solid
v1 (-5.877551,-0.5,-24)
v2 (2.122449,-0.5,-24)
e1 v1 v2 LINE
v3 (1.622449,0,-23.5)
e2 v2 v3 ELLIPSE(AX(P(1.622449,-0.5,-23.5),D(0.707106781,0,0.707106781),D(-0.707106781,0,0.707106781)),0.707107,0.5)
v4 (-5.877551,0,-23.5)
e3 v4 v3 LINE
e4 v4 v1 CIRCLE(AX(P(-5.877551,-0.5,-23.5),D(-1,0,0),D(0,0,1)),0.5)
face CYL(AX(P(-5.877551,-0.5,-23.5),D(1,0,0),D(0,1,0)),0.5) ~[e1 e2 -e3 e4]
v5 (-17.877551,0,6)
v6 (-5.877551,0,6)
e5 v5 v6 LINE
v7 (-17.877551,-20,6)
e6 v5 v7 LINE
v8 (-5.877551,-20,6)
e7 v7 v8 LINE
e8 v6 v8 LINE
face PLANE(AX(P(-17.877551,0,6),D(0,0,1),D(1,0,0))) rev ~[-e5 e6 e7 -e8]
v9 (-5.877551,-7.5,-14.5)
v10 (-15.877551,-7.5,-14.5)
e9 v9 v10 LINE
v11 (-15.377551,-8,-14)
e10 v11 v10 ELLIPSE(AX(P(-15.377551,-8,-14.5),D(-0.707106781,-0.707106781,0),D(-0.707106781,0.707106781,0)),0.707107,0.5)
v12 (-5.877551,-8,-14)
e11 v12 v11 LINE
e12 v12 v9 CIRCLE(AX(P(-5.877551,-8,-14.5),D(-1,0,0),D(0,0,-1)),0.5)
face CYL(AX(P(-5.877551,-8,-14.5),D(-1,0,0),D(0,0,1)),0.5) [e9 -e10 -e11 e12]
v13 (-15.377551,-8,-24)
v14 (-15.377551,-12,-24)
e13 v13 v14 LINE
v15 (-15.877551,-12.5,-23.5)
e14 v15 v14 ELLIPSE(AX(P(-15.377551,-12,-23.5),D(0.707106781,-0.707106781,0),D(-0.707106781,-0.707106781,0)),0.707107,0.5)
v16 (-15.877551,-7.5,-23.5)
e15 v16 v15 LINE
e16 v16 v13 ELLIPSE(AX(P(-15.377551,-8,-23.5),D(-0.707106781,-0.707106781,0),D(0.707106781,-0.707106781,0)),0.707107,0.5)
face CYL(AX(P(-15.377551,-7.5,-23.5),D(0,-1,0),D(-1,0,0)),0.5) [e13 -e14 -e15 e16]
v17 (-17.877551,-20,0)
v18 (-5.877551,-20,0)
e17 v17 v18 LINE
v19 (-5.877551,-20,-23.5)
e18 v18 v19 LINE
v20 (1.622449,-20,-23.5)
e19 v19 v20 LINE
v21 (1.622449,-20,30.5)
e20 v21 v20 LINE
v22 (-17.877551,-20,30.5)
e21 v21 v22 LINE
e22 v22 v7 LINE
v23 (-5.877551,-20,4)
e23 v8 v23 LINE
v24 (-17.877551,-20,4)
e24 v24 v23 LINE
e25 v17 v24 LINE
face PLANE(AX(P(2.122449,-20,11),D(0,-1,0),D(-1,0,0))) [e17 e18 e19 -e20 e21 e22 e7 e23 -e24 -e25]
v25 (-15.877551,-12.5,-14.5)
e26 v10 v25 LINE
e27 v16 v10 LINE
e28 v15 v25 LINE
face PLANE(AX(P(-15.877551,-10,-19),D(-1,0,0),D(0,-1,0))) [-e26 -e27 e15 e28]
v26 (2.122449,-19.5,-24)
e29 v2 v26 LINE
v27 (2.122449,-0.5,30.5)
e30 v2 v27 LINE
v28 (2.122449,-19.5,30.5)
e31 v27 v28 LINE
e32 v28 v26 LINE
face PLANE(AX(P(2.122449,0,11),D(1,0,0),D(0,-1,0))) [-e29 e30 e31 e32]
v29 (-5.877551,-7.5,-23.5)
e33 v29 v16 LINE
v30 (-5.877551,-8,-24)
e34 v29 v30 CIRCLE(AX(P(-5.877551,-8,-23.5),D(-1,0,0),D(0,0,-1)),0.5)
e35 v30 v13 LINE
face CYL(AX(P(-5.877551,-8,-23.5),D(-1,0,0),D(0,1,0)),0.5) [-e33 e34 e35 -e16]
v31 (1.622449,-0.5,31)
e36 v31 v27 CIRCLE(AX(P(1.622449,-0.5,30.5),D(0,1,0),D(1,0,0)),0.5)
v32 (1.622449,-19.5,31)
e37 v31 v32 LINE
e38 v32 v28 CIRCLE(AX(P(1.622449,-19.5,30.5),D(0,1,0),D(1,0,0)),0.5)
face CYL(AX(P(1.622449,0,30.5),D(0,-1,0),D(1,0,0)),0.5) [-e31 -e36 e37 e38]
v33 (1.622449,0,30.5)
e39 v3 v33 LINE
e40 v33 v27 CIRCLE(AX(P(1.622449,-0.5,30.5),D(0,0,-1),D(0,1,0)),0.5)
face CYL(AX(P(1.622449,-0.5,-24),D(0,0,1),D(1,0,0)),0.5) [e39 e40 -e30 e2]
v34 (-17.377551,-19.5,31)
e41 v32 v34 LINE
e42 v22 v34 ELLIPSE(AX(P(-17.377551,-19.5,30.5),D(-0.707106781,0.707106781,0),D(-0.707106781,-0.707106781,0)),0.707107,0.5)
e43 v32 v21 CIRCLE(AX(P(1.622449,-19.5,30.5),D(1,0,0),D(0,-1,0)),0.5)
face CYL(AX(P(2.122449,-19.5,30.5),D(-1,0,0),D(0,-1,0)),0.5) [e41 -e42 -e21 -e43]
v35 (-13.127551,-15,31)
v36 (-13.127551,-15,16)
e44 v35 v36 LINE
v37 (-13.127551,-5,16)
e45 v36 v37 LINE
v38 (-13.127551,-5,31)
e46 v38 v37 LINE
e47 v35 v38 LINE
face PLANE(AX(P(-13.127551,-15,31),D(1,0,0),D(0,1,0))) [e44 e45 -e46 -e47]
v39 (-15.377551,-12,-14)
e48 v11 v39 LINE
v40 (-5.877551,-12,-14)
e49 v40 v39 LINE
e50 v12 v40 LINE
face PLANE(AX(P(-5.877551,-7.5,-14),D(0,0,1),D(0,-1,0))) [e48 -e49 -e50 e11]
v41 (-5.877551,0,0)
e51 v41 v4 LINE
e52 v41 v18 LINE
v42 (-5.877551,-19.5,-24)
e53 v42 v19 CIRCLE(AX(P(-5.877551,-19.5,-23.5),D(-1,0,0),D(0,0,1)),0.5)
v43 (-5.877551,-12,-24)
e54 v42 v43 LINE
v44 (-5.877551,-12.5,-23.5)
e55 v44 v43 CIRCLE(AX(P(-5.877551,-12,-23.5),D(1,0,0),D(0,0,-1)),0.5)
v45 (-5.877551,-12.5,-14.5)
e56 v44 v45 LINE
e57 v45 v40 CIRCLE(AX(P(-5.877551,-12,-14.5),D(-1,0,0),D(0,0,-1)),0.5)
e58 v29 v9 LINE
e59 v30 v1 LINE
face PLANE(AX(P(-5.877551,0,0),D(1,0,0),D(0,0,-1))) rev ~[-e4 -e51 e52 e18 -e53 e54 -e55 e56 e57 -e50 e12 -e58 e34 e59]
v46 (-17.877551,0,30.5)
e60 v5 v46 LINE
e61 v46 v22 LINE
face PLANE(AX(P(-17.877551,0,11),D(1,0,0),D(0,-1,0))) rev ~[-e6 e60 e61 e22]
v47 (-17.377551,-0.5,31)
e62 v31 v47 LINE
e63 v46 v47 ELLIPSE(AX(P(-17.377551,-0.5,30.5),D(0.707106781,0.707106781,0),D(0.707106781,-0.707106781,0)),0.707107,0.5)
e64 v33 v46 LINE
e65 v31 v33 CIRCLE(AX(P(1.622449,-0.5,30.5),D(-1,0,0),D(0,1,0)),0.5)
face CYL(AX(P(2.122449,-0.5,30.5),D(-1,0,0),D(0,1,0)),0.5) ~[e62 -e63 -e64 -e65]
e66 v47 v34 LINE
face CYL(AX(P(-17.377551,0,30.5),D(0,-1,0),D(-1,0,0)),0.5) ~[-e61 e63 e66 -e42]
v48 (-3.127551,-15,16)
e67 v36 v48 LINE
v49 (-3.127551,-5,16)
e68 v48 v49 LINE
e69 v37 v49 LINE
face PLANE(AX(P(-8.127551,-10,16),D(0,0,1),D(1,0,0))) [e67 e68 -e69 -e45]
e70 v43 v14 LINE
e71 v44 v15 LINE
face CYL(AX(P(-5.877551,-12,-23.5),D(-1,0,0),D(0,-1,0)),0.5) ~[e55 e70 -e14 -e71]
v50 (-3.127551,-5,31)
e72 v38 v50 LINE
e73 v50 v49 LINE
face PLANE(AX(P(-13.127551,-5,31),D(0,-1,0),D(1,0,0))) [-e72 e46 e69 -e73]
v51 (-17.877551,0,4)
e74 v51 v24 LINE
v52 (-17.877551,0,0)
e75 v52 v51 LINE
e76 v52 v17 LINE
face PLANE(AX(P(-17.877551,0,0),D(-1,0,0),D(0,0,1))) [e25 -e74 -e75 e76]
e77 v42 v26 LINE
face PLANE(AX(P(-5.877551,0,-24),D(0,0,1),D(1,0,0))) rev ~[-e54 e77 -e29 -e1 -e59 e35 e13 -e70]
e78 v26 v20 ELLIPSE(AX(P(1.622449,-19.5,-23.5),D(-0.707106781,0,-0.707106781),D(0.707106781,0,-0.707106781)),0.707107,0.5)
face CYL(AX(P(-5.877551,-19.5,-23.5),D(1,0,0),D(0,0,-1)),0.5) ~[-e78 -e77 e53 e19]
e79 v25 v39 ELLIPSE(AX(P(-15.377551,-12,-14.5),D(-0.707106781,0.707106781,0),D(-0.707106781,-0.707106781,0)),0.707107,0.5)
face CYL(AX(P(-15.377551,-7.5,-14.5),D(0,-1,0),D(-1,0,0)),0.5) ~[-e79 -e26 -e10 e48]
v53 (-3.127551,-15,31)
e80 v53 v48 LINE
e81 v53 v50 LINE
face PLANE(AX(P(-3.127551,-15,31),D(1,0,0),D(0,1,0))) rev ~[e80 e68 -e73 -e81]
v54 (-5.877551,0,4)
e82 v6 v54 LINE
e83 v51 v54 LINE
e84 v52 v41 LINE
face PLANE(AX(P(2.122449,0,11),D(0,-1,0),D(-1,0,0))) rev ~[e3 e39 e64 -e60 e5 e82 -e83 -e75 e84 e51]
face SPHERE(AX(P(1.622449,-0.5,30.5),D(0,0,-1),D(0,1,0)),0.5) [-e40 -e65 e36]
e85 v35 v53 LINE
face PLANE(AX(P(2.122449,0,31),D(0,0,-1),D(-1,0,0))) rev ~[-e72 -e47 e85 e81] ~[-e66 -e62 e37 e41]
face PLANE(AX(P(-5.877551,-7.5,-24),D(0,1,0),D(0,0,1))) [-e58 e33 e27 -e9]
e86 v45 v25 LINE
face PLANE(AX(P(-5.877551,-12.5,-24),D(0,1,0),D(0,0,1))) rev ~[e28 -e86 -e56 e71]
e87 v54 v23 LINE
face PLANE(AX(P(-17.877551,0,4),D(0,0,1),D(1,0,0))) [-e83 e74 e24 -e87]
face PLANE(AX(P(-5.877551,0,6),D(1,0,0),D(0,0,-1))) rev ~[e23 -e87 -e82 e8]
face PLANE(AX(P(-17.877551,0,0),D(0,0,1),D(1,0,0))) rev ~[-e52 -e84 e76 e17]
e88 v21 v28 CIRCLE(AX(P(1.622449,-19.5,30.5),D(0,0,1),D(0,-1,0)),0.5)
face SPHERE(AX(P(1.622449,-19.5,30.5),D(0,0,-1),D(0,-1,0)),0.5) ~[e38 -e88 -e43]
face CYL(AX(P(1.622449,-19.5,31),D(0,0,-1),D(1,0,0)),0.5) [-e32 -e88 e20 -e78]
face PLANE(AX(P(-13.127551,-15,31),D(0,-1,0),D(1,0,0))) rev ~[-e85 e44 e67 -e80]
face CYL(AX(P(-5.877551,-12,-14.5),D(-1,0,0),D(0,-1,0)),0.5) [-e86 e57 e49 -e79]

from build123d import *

# Parameters (mm, degrees)
F0_W     = 12
F0_H     = 4
F1_DEPTH = 20
F2_W     = 5
F2_H     = 10
F3_DEPTH = 10
F4_DEPTH = 20
F5_R     = 0.5
F6_W     = 10
F6_H     = 10
F7_DEPTH = 15


with BuildPart() as f1:
    # F0 (on Front) → F1 (new body)
    with BuildSketch(Plane.XZ):
        Polygon((2.1224494493, 11), (-17.8775505507, 11), (-17.8775505507, 6), (-5.8775505507, 6), (2.1224494493, 6), align=None)
        Polygon((2.1224494493, -24), (2.1224494493, 6), (-5.8775505507, 6), (-5.8775505507, 4), (-5.8775505507, 0), (-5.8775505507, -14), (-5.8775505507, -24), align=None)
        with Locations((-11.8775505507, 2)):
            Rectangle(F0_W, F0_H)
    extrude(amount=F1_DEPTH)

    # F2 (on face) → F3 (join)
    with BuildSketch(Plane(origin=(-5.8775505507, 0, 0), x_dir=(0, -1, 0), z_dir=(-1, 0, 0))):
        with Locations((10, -19)):
            Rectangle(F2_W, F2_H)
    extrude(amount=F3_DEPTH)

    # F4 (add): a face of the model
    f4_faces = [f1.faces().sort_by_distance(p)[0] for p in [
        (-7.8775505507, -10, 11),
    ]]
    extrude(f4_faces, amount=F4_DEPTH)

    # F5
    f5_edges = [f1.edges().sort_by_distance(p)[0] for p in [
        (2.122449, -20, 3.5),
        (2.122449, 0, 3.5),
        (-1.877551, -20, -24),
        (-1.877551, 0, -24),
        (-10.877551, -12.5, -14),
        (-10.877551, -7.5, -14),
        (-15.877551, -10, -14),
        (-15.877551, -10, -24),
        (-10.877551, -12.5, -24),
        (-10.877551, -7.5, -24),
        (-7.877551, -20, 31),
        (-17.877551, -10, 31),
        (-7.877551, 0, 31),
        (2.122449, -10, 31),
    ]]
    fillet(f5_edges, radius=F5_R)

    # F6 (on face) → F7 (cut)
    with BuildSketch(Plane.XY.offset(31)):
        with Locations((-8.1275505507, -10)):
            Rectangle(F6_W, F6_H)
    extrude(amount=-F7_DEPTH, mode=Mode.SUBTRACT)


solid = f1.part
